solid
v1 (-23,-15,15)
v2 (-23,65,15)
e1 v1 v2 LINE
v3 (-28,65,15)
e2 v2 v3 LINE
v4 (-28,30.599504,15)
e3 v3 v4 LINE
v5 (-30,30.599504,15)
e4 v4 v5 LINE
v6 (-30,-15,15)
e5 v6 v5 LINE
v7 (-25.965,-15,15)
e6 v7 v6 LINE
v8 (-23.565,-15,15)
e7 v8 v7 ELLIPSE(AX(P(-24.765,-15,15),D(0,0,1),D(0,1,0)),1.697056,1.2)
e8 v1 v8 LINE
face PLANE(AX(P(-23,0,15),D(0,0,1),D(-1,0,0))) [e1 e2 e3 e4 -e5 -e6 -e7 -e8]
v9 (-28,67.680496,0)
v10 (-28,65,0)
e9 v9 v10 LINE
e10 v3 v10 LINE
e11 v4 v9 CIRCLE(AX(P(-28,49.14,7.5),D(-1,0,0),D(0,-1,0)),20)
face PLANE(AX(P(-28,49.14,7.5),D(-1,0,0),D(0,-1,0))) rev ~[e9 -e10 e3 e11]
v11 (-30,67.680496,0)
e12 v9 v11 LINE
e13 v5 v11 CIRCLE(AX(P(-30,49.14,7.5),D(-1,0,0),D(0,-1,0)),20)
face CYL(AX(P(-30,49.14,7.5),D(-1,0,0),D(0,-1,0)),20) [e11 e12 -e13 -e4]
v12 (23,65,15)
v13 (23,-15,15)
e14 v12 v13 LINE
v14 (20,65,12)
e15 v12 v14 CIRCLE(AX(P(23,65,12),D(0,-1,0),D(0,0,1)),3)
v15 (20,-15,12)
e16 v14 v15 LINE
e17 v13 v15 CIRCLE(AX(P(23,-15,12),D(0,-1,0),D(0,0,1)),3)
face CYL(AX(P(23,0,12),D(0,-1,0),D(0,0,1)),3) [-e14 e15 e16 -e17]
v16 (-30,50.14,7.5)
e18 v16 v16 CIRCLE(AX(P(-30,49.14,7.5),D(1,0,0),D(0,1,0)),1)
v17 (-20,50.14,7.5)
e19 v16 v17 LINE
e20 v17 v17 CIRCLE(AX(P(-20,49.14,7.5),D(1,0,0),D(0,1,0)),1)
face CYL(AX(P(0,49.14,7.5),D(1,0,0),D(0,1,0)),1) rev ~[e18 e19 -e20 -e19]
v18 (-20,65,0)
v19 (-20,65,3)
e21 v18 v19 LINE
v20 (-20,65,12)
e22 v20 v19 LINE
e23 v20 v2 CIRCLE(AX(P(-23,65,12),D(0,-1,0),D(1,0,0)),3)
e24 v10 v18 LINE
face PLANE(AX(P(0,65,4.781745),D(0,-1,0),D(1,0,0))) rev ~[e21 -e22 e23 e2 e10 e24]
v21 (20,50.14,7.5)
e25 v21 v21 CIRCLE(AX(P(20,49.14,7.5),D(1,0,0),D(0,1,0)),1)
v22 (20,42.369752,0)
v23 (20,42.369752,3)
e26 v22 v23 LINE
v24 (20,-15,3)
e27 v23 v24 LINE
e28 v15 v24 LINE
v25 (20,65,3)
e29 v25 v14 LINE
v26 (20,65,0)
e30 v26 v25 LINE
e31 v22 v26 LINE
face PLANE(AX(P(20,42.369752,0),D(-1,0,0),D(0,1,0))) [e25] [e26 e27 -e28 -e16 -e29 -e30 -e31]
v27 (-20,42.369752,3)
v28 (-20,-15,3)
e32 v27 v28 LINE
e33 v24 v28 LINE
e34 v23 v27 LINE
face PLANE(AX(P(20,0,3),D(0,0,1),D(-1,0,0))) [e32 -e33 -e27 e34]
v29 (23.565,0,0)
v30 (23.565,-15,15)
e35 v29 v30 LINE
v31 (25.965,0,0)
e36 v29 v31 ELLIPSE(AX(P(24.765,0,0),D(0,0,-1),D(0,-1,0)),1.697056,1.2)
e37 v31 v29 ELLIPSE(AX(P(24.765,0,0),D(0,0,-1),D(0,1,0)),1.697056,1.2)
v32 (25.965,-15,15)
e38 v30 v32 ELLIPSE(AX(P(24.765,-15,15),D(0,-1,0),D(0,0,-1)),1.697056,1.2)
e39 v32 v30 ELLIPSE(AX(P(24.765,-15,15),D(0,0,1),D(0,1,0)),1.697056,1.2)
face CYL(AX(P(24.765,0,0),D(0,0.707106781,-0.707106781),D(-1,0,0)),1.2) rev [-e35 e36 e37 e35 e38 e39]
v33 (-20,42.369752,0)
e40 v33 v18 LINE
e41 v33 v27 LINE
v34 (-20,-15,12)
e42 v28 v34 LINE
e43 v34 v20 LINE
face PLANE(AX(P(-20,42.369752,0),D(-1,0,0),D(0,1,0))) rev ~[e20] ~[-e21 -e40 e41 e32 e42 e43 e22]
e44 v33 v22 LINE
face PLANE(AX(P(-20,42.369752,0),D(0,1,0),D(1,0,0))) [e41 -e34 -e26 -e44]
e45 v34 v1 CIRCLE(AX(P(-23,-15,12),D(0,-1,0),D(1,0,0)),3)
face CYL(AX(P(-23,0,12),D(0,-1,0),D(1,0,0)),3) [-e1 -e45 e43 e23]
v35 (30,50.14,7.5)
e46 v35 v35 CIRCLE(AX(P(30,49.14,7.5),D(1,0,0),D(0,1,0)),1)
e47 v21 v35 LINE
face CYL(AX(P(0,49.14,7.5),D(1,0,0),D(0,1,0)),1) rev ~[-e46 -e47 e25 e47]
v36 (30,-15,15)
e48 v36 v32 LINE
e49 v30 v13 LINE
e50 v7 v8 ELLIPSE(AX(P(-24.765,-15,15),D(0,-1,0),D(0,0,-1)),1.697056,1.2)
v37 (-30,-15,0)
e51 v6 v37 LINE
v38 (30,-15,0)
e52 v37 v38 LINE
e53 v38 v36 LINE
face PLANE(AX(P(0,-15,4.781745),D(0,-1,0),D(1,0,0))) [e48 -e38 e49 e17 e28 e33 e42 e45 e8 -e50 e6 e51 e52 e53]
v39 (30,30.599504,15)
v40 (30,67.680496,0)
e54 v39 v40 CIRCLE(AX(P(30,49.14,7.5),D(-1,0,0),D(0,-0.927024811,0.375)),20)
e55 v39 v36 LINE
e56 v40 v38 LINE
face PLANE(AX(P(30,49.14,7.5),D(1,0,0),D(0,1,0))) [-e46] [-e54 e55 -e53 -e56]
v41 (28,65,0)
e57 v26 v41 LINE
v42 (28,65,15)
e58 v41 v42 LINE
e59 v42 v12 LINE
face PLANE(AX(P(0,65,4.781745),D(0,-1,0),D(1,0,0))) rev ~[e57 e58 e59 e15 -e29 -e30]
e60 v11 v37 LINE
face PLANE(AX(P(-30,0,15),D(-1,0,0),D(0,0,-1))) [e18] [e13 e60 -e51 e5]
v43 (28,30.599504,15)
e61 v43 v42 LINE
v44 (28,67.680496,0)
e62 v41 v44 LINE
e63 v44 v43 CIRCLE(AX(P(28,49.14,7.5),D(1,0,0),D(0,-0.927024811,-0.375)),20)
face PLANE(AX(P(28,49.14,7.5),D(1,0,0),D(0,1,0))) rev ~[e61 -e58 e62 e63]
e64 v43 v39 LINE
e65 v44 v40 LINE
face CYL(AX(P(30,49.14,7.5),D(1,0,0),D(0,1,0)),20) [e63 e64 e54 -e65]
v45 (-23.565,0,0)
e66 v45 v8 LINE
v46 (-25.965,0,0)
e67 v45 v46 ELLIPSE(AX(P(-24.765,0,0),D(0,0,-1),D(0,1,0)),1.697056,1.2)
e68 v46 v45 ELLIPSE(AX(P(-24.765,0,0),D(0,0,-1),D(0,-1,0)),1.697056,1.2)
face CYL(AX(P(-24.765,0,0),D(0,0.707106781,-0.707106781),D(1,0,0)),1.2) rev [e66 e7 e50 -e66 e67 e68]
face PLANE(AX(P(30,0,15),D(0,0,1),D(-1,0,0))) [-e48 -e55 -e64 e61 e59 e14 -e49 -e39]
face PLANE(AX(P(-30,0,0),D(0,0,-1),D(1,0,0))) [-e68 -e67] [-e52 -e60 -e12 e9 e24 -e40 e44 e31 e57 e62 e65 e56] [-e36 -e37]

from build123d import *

# Parameters (mm, degrees)
F3_DEPTH      = 15
F3_DEPTH_BACK = 65
F4_R          = 1.2
F5_DEPTH      = 124.25
F5_DEPTH_BACK = 109.5
F6_R          = 20
F8_DEPTH      = 2
F7_R          = 20
F9_DEPTH      = 2
F10_W         = 125.272244215
F10_H         = 20.9059882909
F11_DEPTH     = 40
F12_W         = 40
F12_H         = 22.6302481089
F13_DEPTH     = 10
F14_R         = 1
F15_DEPTH     = 50


with BuildPart() as f3:
    # F2 (on Front) → F3 (new body, two sides)
    with BuildSketch(Plane.XZ) as f3_sk:
        with BuildLine():
            Line((-30, 15), (-30, 0))
            Line((-30, 0), (30, 0))
            Line((30, 0), (30, 15))
            Line((30, 15), (23, 15))
            ThreePointArc((23, 15), (20.8786796564, 14.1213203436), (20, 12))
            Line((20, 12), (20, 3))
            Line((20, 3), (-20, 3))
            Line((-20, 3), (-20, 12))
            ThreePointArc((-20, 12), (-20.8786796564, 14.1213203436), (-23, 15))
            Line((-23, 15), (-30, 15))
        make_face()
    extrude(amount=F3_DEPTH)
    extrude(f3_sk.sketch, amount=-F3_DEPTH_BACK)

    # F4 (on face) → F5 (cut, two sides)
    with BuildSketch(Plane(origin=(0, 0, 0), x_dir=(1, 0, 0), z_dir=(0, -0.7071067812, 0.7071067812))) as f5_sk:
        with BuildLine():
            ThreePointArc((25.965, 0), (24.765, 1.2), (23.565, 0))
            ThreePointArc((23.565, 0), (24.765, -1.2), (25.965, 0))
        make_face()
        with Locations((-24.765, 0)):
            Circle(F4_R)
    extrude(amount=F5_DEPTH, mode=Mode.SUBTRACT)
    extrude(f5_sk.sketch, amount=-F5_DEPTH_BACK, mode=Mode.SUBTRACT)

    # F6 (on face) → F8 (join)
    with BuildSketch(Plane.YZ.offset(30)):
        with Locations((49.14, 7.5)):
            Circle(F6_R)
    extrude(amount=-F8_DEPTH)

    # F7 (on face) → F9 (join)
    with BuildSketch(Plane(origin=(-30, 0, 0), x_dir=(0, -1, 0), z_dir=(-1, 0, 0))):
        with Locations((-49.14, 7.5)):
            Circle(F7_R)
    extrude(amount=-F9_DEPTH)

    # F10 (on Right) → F11 (cut, symmetric)
    with BuildSketch(Plane.YZ):
        with Locations((62.6361221075, -10.4529941455)):
            Rectangle(F10_W, F10_H)
    extrude(amount=F11_DEPTH, both=True, mode=Mode.SUBTRACT)

    # F12 (on Top) → F13 (cut)
    with BuildSketch(Plane.XY):
        with Locations((0, 53.6848759456)):
            Rectangle(F12_W, F12_H)
    extrude(amount=F13_DEPTH, mode=Mode.SUBTRACT)

    # F14 (on Right) → F15 (cut, symmetric)
    with BuildSketch(Plane.YZ):
        with Locations((49.14, 7.5)):
            Circle(F14_R)
    extrude(amount=F15_DEPTH, both=True, mode=Mode.SUBTRACT)


solid = f3.part
